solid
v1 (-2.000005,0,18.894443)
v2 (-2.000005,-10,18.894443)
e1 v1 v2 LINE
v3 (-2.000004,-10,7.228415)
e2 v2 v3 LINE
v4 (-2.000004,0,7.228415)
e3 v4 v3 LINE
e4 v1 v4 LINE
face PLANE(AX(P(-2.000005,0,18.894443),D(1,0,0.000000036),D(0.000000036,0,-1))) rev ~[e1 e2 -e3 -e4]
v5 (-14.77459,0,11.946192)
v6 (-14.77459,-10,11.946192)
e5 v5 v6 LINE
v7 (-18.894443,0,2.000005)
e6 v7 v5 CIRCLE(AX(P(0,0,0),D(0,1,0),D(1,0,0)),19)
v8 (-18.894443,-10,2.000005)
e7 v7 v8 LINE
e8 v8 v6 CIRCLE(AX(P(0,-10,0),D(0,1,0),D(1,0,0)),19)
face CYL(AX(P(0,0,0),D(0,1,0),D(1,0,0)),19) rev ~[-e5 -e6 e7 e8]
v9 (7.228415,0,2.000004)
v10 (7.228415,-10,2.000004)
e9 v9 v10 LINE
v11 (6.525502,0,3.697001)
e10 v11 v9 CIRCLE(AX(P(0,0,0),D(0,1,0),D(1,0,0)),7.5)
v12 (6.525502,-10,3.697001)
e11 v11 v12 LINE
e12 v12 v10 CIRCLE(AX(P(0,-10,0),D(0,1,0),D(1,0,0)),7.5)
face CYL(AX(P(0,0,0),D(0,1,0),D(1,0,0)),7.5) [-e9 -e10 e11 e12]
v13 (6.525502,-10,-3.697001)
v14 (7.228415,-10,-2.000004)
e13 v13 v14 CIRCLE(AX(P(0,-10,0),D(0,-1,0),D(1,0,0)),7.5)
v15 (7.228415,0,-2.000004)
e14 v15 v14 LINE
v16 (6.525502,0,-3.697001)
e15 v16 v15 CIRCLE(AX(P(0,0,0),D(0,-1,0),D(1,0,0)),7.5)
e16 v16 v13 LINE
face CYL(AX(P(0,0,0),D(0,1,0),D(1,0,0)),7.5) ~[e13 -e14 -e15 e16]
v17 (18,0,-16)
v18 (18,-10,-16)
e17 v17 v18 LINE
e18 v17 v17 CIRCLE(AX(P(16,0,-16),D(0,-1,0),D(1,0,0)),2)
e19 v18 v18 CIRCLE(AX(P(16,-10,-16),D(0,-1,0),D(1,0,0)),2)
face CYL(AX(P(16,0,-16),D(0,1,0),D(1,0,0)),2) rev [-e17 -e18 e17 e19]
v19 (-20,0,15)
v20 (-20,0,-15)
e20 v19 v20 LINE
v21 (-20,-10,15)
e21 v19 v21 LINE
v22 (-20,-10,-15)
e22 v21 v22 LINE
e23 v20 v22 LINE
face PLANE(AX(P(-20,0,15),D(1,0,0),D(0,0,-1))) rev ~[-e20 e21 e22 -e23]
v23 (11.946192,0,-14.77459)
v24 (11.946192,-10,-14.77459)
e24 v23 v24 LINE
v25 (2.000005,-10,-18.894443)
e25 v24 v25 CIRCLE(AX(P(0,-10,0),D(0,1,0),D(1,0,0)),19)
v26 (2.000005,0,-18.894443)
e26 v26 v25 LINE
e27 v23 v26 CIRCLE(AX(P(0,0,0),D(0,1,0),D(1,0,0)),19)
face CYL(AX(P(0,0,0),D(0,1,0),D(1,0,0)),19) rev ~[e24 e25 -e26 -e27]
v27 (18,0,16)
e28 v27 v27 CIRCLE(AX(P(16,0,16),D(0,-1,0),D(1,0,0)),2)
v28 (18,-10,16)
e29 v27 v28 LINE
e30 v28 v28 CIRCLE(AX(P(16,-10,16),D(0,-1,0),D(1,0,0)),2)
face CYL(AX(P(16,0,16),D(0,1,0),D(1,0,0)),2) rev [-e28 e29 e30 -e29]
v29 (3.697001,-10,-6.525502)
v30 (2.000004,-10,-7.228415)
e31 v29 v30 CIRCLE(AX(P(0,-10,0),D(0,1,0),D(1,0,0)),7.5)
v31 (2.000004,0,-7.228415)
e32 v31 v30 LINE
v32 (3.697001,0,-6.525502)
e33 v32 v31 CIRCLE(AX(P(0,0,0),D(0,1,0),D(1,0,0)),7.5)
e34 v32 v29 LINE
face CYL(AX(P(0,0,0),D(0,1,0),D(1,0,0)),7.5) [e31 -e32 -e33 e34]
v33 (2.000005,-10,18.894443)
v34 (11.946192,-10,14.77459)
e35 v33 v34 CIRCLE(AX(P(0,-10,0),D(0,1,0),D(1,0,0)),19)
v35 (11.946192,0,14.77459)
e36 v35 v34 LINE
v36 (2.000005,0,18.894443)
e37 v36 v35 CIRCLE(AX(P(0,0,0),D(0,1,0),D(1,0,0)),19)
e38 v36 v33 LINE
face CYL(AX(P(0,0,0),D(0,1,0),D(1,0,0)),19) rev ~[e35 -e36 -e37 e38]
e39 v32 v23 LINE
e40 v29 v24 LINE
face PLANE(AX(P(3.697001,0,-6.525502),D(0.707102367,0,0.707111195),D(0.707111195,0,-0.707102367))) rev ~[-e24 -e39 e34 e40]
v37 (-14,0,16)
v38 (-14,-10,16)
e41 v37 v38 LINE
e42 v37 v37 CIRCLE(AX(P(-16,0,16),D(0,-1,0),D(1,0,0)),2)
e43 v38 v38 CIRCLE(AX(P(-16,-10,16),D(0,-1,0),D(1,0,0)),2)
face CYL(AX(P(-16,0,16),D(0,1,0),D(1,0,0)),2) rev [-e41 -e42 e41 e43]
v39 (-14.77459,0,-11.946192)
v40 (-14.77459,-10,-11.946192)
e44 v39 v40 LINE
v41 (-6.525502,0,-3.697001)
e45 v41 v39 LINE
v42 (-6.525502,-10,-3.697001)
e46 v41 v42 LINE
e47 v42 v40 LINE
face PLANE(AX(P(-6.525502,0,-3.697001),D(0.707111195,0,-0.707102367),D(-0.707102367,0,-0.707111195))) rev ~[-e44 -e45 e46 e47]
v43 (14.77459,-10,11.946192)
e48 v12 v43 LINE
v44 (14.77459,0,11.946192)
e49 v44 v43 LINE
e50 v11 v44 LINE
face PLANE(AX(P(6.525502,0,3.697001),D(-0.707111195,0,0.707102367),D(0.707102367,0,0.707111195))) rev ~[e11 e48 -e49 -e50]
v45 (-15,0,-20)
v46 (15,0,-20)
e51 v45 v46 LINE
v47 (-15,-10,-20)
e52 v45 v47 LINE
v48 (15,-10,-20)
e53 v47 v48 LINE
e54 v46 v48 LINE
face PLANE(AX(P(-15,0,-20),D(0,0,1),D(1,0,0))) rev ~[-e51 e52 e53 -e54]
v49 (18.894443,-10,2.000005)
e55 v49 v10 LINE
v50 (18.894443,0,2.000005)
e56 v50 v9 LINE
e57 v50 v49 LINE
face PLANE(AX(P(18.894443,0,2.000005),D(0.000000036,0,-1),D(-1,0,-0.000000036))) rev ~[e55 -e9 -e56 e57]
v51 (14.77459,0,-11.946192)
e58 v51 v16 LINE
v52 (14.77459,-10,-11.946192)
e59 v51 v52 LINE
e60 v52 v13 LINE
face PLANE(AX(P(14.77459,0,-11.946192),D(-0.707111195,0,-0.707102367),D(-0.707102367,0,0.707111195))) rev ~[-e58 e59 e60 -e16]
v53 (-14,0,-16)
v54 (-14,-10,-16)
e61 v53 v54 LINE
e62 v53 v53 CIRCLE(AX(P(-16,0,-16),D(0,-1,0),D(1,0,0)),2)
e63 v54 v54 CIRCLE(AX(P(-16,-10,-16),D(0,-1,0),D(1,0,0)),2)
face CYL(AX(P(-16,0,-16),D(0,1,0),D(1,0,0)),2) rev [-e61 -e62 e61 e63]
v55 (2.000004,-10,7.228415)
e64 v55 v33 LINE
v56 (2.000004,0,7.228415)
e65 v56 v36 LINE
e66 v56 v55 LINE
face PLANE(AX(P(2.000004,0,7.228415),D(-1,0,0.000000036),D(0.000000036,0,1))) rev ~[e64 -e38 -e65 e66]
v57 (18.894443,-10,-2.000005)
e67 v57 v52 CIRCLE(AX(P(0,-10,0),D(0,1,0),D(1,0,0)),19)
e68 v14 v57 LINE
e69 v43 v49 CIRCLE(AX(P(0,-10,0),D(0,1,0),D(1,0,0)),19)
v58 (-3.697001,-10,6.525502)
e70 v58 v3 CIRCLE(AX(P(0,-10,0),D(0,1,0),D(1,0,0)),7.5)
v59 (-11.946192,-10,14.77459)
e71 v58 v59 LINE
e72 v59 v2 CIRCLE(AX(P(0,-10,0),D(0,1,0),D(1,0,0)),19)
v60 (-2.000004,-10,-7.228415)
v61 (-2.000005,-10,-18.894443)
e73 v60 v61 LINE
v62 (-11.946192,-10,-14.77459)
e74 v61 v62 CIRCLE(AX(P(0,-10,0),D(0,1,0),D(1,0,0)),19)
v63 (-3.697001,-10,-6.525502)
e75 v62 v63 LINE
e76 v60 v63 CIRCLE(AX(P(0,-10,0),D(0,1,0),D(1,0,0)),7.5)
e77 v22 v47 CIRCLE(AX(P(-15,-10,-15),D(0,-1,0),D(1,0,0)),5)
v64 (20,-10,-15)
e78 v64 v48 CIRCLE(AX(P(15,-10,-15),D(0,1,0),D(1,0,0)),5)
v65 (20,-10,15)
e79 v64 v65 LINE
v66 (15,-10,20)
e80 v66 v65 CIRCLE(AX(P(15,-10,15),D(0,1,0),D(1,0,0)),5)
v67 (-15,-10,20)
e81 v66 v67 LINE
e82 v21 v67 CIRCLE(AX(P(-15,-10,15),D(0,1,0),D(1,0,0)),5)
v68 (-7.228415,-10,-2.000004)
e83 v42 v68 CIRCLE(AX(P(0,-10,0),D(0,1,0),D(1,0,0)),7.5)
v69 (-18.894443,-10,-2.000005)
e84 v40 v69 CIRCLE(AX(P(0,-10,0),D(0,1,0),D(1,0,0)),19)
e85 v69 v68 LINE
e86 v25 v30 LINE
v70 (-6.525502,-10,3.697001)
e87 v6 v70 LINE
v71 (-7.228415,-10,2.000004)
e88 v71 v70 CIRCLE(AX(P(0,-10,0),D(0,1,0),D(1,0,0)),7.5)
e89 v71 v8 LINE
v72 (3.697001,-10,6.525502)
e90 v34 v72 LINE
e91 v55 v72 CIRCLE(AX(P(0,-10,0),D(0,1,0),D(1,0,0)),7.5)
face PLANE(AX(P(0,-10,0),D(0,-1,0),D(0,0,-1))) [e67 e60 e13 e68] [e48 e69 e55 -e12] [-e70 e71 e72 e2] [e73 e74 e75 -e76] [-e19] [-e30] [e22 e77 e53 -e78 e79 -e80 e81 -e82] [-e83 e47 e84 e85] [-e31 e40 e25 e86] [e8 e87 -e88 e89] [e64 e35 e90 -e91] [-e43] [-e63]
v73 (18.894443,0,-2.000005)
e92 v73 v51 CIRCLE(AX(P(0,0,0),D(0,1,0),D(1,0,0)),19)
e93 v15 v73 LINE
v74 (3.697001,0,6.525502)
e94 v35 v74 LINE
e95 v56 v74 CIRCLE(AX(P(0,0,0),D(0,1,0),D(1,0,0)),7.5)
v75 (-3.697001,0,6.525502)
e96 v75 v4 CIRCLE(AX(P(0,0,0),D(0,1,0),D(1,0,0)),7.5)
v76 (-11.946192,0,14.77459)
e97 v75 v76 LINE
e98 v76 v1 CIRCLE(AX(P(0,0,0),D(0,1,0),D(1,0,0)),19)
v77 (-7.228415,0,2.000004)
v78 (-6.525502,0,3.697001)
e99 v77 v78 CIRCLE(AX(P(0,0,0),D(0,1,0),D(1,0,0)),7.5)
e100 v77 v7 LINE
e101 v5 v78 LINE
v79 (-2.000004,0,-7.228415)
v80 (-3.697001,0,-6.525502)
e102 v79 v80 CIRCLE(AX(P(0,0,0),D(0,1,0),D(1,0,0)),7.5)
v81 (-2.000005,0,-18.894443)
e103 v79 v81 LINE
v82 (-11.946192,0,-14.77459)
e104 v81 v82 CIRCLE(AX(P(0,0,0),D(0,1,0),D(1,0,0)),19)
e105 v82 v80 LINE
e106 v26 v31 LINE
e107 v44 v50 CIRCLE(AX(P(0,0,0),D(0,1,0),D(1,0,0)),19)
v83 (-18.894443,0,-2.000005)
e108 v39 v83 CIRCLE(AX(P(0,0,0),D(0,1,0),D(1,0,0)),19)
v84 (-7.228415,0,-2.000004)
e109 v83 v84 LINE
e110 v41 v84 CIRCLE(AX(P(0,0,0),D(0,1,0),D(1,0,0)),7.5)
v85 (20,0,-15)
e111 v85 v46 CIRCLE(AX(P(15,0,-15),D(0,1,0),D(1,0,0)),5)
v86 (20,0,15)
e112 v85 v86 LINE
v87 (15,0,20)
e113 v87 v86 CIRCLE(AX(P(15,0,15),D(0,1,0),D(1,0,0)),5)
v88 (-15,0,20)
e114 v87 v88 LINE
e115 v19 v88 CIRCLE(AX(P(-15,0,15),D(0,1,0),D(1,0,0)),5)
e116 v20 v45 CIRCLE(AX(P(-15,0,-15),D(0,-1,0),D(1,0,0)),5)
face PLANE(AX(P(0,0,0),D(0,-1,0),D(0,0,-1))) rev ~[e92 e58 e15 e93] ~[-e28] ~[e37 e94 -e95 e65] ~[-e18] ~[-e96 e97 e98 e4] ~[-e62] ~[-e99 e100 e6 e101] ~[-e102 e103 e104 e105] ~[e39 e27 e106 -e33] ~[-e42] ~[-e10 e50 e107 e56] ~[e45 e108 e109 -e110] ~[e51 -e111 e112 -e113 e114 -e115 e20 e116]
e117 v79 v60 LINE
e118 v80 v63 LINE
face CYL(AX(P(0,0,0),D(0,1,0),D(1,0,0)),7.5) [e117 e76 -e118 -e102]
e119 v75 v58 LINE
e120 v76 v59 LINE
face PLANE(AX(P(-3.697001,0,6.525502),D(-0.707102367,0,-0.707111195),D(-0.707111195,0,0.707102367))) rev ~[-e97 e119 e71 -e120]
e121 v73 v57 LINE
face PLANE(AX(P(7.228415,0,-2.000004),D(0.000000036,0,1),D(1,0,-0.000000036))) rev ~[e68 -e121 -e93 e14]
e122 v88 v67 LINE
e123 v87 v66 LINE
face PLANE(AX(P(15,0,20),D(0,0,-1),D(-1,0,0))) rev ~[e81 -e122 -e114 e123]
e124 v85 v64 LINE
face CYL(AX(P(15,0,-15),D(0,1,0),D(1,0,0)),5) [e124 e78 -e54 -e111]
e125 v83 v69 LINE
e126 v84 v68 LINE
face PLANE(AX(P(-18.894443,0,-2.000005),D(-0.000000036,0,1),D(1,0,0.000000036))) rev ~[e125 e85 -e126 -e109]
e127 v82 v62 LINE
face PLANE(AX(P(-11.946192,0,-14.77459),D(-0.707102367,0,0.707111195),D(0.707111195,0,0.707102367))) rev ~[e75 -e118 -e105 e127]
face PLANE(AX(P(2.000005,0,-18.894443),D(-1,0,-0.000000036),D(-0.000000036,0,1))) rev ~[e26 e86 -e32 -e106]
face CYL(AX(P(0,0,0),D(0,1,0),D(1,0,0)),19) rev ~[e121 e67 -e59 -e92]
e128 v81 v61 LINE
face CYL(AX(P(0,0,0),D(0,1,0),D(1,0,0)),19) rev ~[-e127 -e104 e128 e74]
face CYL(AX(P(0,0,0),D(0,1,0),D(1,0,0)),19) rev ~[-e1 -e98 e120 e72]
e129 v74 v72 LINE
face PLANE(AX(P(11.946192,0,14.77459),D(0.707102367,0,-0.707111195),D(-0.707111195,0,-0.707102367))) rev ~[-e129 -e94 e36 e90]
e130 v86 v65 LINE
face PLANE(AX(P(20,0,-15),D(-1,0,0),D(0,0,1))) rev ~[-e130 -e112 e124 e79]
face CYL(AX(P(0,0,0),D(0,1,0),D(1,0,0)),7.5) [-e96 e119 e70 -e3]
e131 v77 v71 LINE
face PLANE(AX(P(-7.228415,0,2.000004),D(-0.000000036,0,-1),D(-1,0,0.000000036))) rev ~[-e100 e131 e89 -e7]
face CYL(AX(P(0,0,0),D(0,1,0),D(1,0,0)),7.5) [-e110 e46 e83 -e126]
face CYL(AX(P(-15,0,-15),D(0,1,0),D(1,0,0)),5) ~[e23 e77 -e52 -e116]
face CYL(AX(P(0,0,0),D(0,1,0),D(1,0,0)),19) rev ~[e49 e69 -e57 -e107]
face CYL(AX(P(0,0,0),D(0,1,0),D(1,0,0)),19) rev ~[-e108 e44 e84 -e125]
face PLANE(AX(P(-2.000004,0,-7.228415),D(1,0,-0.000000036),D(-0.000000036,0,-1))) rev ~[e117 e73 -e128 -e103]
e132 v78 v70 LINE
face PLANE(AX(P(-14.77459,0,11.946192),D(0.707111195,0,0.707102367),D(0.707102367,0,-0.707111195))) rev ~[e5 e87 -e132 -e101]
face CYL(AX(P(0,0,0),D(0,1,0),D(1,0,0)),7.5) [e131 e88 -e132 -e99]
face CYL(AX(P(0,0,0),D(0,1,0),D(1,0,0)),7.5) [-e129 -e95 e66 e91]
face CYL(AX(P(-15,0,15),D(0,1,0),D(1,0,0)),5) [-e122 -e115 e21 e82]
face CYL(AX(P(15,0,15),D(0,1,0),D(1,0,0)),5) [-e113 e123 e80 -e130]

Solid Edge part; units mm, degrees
sketch "Sketch1" plane through (0, 0, 0) normal (0, -1, 0) x (1, 0, 0)
  circle A0 centre (16, 16) radius 2
  circle A1 centre (-16, 16) radius 2
  circle A2 centre (-16, -16) radius 2
  circle A3 centre (16, -16) radius 2
  line L0 (-2, -7.2284) -> (-2, -18.8944)
  arc A4 (-2, -18.8944) -> (-11.9462, -14.7746) centre (0, 0) cw
  line L1 (-11.9462, -14.7746) -> (-3.697, -6.5255)
  arc A5 (-2, -7.2284) -> (-3.697, -6.5255) centre (0, 0) cw
  arc A6 (18.8944, -2) -> (14.7746, -11.9462) centre (0, 0) cw
  line L2 (14.7746, -11.9462) -> (6.5255, -3.697)
  line L3 (7.2284, -2) -> (18.8944, -2)
  arc A7 (6.5255, -3.697) -> (7.2284, -2) centre (0, 0) ccw
  line L4 (-14.7746, 11.9462) -> (-6.5255, 3.697)
  arc A8 (-7.2284, 2) -> (-6.5255, 3.697) centre (0, 0) cw
  line L5 (-7.2284, 2) -> (-18.8944, 2)
  arc A9 (-18.8944, 2) -> (-14.7746, 11.9462) centre (0, 0) cw
  line L6 (-2, 18.8944) -> (-2, 7.2284)
  arc A10 (-3.697, 6.5255) -> (-2, 7.2284) centre (0, 0) cw
  line L7 (-3.697, 6.5255) -> (-11.9462, 14.7746)
  arc A11 (-11.9462, 14.7746) -> (-2, 18.8944) centre (0, 0) cw
  arc A12 (-6.5255, -3.697) -> (-7.2284, -2) centre (0, 0) cw
  line L8 (-18.8944, -2) -> (-7.2284, -2)
  arc A13 (-14.7746, -11.9462) -> (-18.8944, -2) centre (0, 0) cw
  line L9 (-6.5255, -3.697) -> (-14.7746, -11.9462)
  line L10 (2, 7.2284) -> (2, 18.8944)
  arc A14 (2, 18.8944) -> (11.9462, 14.7746) centre (0, 0) cw
  line L11 (11.9462, 14.7746) -> (3.697, 6.5255)
  arc A15 (2, 7.2284) -> (3.697, 6.5255) centre (0, 0) cw
  line L12 (2, -18.8944) -> (2, -7.2284)
  arc A16 (3.697, -6.5255) -> (2, -7.2284) centre (0, 0) cw
  line L13 (3.697, -6.5255) -> (11.9462, -14.7746)
  arc A17 (11.9462, -14.7746) -> (2, -18.8944) centre (0, 0) cw
  line L14 (18.8944, 2) -> (7.2284, 2)
  arc A18 (6.5255, 3.697) -> (7.2284, 2) centre (0, 0) cw
  line L15 (6.5255, 3.697) -> (14.7746, 11.9462)
  arc A19 (14.7746, 11.9462) -> (18.8944, 2) centre (0, 0) cw
  line L16 (-15, -20) -> (15, -20)
  arc A20 (20, -15) -> (15, -20) centre (15, -15) cw
  line L17 (20, -15) -> (20, 15)
  arc A21 (15, 20) -> (20, 15) centre (15, 15) cw
  line L18 (15, 20) -> (-15, 20)
  arc A22 (-20, 15) -> (-15, 20) centre (-15, 15) cw
  line L19 (-20, 15) -> (-20, -15)
  arc A23 (-20, -15) -> (-15, -20) centre (-15, -15) ccw
extrude "Protrusion1" add sketch "Sketch1" along normal blind 10
